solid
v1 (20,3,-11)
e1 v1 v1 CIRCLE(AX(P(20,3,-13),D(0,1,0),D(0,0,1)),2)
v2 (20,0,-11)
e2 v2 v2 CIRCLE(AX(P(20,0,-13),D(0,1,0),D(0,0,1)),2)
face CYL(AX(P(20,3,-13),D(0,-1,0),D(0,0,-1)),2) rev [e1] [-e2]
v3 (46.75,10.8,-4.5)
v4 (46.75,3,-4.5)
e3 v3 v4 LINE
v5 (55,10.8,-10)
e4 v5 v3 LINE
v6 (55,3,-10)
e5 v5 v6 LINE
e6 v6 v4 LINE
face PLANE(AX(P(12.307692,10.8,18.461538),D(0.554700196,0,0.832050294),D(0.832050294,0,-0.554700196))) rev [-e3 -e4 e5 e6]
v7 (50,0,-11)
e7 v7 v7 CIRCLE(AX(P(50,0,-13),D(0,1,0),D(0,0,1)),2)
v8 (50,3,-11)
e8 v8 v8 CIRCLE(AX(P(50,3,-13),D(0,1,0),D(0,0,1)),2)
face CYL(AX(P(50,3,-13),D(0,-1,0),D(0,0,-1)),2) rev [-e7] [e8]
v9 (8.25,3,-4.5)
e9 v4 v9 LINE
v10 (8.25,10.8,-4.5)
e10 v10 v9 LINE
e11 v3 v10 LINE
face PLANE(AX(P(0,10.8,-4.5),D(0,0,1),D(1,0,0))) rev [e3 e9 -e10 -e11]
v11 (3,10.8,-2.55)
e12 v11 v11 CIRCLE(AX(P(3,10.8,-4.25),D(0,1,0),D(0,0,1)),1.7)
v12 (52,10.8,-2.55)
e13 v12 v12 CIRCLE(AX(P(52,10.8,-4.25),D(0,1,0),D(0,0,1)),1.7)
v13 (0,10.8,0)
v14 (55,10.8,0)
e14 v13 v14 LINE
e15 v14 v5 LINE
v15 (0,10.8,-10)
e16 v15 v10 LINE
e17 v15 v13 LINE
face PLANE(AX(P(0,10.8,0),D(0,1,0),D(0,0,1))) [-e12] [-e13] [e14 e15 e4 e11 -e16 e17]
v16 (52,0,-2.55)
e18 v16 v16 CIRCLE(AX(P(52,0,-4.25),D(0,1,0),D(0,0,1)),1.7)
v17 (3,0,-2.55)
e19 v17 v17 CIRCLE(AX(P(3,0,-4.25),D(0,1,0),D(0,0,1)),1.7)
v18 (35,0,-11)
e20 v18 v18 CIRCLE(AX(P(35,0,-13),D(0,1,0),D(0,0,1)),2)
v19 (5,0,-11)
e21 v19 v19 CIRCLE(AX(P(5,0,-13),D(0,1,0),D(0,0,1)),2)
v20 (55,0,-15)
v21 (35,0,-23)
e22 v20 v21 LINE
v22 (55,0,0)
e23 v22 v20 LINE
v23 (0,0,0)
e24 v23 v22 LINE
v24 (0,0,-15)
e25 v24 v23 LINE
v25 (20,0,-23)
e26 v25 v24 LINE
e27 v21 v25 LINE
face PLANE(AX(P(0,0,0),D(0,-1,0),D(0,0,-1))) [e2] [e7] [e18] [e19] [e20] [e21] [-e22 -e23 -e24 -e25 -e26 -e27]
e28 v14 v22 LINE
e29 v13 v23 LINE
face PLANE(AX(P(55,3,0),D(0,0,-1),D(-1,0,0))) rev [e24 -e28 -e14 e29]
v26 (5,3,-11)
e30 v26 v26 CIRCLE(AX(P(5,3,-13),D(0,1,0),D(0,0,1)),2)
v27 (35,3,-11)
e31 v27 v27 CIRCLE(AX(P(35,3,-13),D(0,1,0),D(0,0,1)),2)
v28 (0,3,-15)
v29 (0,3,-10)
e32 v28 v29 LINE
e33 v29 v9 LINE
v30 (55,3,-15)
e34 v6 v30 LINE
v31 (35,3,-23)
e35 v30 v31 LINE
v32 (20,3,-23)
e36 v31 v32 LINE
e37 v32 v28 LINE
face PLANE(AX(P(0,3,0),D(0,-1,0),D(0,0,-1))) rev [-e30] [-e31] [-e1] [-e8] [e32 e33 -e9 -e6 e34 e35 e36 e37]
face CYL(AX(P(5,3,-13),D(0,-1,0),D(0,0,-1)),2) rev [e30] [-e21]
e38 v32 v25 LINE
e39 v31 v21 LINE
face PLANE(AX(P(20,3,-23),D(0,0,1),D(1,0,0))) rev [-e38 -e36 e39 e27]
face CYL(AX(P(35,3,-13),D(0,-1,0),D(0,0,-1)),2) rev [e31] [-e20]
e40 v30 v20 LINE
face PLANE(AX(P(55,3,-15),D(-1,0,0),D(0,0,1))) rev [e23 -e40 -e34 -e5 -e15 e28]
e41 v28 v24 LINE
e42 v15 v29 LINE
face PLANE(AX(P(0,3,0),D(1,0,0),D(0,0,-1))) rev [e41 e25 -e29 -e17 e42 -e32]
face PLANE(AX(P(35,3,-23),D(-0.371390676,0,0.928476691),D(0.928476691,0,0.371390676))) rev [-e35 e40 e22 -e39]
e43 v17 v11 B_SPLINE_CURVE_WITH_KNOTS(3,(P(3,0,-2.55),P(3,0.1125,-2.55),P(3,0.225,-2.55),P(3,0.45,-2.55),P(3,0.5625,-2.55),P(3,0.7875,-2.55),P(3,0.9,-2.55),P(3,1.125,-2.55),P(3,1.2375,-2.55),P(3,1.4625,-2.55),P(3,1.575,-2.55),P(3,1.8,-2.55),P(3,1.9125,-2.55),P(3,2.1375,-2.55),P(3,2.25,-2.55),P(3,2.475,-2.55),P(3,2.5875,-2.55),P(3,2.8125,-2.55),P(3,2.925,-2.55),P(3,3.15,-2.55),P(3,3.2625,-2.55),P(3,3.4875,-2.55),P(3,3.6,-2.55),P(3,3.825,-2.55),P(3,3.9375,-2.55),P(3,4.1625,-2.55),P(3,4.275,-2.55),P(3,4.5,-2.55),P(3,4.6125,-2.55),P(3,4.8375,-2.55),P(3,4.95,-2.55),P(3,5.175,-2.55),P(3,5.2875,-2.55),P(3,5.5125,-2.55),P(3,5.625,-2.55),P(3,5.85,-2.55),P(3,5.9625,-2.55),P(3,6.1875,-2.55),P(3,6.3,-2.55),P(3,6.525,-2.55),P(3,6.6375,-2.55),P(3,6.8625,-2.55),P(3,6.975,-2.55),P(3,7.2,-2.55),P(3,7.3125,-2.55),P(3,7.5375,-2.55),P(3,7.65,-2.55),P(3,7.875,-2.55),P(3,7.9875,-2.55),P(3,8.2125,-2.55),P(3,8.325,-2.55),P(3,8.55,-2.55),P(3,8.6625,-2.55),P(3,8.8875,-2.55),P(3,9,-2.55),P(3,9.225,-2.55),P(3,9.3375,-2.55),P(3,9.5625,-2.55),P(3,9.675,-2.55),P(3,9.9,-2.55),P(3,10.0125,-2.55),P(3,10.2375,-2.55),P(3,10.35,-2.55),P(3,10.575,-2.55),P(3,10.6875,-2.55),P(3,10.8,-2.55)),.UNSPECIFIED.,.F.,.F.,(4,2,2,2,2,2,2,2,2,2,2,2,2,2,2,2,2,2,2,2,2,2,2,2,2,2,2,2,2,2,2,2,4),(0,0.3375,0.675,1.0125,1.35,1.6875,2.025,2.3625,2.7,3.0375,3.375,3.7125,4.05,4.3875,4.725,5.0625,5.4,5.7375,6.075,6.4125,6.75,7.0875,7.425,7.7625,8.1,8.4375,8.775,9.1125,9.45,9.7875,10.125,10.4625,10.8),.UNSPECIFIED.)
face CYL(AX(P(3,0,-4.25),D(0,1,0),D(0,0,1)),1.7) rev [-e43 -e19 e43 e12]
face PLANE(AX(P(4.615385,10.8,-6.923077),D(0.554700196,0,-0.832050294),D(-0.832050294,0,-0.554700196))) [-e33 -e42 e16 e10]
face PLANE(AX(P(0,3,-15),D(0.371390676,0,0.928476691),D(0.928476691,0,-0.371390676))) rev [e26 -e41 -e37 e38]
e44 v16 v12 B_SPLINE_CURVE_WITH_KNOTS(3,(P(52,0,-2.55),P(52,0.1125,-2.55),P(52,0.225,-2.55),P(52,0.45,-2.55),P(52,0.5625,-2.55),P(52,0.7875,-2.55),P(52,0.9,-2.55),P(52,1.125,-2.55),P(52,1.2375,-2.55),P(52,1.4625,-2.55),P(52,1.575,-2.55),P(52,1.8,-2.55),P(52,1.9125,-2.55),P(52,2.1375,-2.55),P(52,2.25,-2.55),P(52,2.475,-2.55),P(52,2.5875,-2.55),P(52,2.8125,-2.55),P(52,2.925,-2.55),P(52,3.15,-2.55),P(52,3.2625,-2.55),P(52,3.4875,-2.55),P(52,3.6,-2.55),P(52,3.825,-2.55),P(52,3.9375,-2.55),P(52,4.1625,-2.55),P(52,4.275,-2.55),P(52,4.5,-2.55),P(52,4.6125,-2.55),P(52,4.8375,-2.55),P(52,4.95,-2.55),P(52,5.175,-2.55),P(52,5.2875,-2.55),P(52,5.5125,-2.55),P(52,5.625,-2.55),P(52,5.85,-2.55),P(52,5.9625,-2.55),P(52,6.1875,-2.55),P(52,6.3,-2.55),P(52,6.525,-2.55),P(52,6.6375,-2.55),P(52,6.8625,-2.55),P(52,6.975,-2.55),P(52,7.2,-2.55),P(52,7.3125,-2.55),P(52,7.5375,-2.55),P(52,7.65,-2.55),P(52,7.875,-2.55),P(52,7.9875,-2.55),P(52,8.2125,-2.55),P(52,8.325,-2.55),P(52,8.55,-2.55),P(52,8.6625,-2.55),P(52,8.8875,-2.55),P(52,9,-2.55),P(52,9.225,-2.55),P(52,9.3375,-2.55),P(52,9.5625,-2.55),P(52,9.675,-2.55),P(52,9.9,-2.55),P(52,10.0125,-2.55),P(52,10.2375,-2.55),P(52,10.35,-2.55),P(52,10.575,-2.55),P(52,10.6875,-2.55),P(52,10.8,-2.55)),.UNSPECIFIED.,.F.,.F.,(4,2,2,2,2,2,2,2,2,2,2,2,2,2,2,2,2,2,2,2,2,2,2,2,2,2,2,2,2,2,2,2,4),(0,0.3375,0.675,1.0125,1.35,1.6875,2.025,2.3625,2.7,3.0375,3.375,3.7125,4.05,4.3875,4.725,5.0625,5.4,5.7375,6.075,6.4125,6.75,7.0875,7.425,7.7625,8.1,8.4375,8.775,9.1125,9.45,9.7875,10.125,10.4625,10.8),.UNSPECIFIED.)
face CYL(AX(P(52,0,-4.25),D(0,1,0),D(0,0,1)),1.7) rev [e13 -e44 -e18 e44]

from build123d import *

# Parameters (mm, degrees)
SKETCH2_R           = 2
BOSS_EXTRUDE1_DEPTH = 3
BOSS_EXTRUDE2_DEPTH = 7.8
SKETCH4_R           = 1.7
CUT_EXTRUDE1_DEPTH  = 61.585806919


with BuildPart() as part:
    # Sketch2 → Boss-Extrude1 (new body)
    with BuildSketch(Plane(origin=(0, 0, 0), x_dir=(1, 0, 0), z_dir=(0, 1, 0))):
        Polygon((0, 0), (0, 15), (20, 23), (35, 23), (55, 15), (55, 0), align=None)
        with Locations(Location((5, 13, 0), (0, 0, 270))):
            Circle(SKETCH2_R, mode=Mode.SUBTRACT)
        with Locations(Location((20, 13, 0), (0, 0, 270))):
            Circle(SKETCH2_R, mode=Mode.SUBTRACT)
        with Locations(Location((35, 13, 0), (0, 0, 270))):
            Circle(SKETCH2_R, mode=Mode.SUBTRACT)
        with Locations(Location((50, 13, 0), (0, 0, 270))):
            Circle(SKETCH2_R, mode=Mode.SUBTRACT)
    extrude(amount=BOSS_EXTRUDE1_DEPTH)

    # Sketch3 → Boss-Extrude2 (add)
    with BuildSketch(Plane(origin=(0, 3, 0), x_dir=(1, 0, 0), z_dir=(0, 1, 0))):
        Polygon((0, 10), (0, 0), (15, 0), (8.25, 4.5), align=None)
        Polygon((8.25, 4.5), (15, 0), (40, 0), (46.75, 4.5), align=None)
        Polygon((46.75, 4.5), (40, 0), (55, 0), (55, 10), align=None)
    extrude(amount=BOSS_EXTRUDE2_DEPTH)

    # Sketch4 → Cut-Extrude1 (cut, through all)
    with BuildSketch(Plane(origin=(0, 10.8, 0), x_dir=(1, 0, 0), z_dir=(0, 1, 0))):
        with Locations(Location((3, 4.25, 0), (0, 0, 270))):
            Circle(SKETCH4_R)
        with Locations(Location((52, 4.25, 0), (0, 0, 270))):
            Circle(SKETCH4_R)
    extrude(amount=-CUT_EXTRUDE1_DEPTH, mode=Mode.SUBTRACT)


solid = part.part
